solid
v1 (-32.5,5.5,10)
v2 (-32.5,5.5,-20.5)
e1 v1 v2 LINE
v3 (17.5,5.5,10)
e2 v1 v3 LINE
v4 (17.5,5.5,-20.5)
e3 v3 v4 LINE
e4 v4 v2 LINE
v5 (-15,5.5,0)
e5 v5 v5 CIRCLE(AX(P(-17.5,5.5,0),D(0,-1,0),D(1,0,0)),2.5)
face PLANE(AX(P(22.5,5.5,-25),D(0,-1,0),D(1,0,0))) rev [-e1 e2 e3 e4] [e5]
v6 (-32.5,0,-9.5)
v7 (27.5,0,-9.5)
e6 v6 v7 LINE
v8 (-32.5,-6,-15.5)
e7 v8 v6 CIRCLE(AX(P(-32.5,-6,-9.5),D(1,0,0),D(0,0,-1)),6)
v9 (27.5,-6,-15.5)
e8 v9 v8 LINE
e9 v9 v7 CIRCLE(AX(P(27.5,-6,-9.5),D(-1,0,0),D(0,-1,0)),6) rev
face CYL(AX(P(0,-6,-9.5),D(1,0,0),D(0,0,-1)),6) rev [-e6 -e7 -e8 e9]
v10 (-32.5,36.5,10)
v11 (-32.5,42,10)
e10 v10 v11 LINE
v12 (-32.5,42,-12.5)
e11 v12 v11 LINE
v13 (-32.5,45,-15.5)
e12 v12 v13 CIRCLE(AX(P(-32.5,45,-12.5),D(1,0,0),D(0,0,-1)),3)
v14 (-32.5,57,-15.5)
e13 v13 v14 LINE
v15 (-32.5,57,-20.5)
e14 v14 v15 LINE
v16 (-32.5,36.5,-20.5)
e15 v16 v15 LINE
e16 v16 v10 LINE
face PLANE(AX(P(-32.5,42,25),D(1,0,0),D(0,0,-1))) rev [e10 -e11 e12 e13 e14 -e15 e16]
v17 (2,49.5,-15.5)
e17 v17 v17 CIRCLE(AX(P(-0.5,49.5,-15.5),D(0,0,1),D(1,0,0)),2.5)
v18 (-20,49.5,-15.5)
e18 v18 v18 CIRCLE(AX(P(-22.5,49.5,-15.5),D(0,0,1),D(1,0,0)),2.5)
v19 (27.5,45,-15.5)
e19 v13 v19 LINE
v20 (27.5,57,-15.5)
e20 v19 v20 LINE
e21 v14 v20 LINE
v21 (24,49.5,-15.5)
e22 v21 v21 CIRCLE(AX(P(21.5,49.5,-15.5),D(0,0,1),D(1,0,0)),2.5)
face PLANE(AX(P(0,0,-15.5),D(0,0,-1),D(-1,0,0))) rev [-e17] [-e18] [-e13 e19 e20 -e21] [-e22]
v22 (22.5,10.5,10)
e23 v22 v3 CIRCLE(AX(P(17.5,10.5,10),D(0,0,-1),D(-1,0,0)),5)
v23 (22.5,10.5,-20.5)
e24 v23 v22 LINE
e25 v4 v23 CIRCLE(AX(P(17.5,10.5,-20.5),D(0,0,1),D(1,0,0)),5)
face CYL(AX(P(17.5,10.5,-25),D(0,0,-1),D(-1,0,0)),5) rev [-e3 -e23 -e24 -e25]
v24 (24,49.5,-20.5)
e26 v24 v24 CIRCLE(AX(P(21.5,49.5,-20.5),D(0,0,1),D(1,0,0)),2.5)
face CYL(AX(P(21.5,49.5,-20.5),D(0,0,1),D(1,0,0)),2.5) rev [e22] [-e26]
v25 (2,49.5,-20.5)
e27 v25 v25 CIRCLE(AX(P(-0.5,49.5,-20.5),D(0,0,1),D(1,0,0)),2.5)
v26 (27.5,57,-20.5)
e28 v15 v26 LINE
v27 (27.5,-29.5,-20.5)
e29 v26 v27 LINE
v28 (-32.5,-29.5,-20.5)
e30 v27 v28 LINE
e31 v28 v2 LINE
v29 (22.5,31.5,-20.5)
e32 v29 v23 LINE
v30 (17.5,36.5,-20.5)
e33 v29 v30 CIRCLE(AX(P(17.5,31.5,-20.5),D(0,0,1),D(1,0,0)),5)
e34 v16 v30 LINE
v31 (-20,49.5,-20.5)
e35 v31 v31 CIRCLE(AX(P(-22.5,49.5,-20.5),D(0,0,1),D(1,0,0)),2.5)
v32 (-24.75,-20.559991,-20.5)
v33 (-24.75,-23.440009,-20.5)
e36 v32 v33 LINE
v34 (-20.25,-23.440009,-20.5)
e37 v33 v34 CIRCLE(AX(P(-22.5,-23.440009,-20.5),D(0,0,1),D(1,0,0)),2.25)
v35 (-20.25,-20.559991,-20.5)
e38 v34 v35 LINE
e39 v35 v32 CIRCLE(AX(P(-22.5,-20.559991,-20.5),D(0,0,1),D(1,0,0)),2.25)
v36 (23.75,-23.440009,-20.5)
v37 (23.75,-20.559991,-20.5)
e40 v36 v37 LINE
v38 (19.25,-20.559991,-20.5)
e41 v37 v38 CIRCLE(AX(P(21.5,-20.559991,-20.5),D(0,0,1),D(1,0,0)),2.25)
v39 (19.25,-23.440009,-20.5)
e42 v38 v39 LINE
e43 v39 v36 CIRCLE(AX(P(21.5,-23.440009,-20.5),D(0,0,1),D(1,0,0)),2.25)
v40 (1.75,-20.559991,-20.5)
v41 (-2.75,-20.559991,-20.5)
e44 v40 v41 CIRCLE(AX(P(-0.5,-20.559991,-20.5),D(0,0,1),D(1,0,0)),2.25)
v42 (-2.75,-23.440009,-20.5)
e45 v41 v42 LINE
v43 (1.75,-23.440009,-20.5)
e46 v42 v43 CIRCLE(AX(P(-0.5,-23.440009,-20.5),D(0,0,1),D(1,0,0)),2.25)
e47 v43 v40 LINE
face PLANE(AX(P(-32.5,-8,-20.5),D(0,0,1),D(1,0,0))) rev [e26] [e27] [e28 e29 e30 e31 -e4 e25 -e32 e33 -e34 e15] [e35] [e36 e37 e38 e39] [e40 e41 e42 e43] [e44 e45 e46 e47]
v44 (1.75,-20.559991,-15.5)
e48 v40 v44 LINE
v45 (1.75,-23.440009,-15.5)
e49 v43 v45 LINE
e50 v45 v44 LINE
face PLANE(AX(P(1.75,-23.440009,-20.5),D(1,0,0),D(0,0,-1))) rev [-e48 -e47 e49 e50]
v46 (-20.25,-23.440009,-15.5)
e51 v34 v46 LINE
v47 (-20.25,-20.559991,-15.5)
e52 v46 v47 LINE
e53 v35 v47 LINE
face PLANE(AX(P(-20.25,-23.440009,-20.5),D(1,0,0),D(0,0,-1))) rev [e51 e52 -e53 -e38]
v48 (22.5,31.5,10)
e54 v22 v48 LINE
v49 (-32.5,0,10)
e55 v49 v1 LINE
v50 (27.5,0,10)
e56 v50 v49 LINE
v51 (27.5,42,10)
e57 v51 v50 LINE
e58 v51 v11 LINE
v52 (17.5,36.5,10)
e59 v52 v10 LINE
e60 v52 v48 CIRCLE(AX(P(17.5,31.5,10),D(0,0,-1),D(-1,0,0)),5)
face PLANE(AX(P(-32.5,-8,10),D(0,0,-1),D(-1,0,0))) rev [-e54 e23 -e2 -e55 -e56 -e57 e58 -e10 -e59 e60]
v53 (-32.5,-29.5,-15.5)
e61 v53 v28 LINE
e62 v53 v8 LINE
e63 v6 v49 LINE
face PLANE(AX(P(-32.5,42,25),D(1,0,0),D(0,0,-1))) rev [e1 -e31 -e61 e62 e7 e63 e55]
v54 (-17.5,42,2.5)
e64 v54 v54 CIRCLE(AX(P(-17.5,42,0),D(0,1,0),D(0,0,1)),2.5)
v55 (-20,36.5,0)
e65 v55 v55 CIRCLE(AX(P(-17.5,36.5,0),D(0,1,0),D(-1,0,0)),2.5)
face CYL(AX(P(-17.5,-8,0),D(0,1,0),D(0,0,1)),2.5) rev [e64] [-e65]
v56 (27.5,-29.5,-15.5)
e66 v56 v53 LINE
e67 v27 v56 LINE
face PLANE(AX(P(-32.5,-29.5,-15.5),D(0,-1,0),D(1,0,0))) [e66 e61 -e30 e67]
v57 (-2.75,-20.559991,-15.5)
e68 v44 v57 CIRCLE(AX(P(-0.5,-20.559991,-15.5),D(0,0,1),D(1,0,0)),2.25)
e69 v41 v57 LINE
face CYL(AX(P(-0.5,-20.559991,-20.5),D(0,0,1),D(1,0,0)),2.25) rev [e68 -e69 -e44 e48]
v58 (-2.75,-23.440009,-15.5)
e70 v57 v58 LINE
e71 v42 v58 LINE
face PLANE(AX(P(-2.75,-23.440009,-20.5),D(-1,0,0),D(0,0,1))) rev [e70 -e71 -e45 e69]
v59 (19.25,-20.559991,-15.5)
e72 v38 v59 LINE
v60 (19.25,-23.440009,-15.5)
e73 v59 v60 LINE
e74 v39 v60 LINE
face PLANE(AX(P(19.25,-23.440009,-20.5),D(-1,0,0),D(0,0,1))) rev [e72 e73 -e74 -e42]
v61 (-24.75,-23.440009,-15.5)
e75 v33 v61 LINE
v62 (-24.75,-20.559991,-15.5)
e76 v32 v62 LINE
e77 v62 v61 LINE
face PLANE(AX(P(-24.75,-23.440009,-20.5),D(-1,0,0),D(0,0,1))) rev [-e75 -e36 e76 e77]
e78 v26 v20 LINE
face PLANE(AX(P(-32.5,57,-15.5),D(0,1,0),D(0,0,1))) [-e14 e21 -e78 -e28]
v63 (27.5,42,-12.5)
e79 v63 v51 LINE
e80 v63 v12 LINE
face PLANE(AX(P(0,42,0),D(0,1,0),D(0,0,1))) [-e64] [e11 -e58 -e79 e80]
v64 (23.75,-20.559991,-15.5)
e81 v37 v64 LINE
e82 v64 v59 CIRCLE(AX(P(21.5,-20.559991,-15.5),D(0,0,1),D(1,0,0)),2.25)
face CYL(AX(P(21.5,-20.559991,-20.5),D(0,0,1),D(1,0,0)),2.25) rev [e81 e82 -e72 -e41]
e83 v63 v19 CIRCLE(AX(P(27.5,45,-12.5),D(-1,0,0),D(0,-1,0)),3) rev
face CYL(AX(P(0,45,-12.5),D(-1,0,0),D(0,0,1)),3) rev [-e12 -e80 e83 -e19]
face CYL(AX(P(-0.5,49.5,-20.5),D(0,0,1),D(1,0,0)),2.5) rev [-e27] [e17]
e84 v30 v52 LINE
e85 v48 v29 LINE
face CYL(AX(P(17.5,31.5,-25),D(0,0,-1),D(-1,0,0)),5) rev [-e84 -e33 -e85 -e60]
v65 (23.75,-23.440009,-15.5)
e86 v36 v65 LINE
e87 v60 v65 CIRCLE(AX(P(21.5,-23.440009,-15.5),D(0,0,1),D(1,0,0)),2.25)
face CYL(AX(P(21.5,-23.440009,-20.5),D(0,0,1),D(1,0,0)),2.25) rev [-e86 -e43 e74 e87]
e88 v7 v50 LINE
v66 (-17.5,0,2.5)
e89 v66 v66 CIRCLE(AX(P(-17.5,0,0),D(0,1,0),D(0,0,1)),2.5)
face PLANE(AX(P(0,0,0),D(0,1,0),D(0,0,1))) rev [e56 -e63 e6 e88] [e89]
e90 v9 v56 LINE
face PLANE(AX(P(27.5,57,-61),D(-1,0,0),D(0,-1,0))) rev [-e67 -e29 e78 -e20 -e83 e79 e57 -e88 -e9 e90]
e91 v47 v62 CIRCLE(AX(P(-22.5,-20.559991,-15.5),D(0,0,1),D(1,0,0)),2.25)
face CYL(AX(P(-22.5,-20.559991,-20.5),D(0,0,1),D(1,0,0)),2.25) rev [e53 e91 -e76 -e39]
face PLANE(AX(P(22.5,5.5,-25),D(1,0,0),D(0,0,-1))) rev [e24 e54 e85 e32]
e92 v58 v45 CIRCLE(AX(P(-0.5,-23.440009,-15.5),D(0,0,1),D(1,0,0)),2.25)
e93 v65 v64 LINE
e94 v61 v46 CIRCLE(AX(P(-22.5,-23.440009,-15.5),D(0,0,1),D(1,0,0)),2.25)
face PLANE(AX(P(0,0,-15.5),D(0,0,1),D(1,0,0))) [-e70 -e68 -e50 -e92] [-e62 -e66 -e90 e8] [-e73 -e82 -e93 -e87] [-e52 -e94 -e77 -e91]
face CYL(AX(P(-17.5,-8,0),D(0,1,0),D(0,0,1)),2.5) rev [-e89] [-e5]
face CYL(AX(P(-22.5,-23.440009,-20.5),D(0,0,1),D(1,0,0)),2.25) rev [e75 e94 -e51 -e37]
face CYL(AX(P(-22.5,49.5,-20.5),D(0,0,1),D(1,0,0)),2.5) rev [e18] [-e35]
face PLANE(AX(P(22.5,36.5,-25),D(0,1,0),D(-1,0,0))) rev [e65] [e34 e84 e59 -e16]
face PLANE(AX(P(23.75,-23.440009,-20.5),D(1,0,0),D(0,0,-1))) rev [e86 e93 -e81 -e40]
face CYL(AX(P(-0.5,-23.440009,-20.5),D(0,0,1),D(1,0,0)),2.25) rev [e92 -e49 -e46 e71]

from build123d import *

# Parameters (mm, degrees)
SKETCH2_W           = 65
SKETCH2_H           = 50
EXTRUDE_5_DEPTH     = 42
SKETCH3_W           = 110
SKETCH3_H           = 31
CUT_EXTRUDE1_DEPTH  = 50
SKETCH4_R           = 2.5
CUT_EXTRUDE2_DEPTH  = 50
SKETCH5_W           = 65
SKETCH5_H           = 15
CUT_EXTRUDE3_DEPTH  = 50
SKETCH6_W           = 65
SKETCH6_H           = 4.5
CUT_EXTRUDE4_DEPTH  = 50
SKETCH7_W           = 65
SKETCH7_H           = 35
BOSS_EXTRUDE2_DEPTH = 5
FILLET1_R           = 5
FILLET2_R           = 6
SKETCH8_W           = 65
SKETCH8_H           = 15
BOSS_EXTRUDE3_DEPTH = 5
FILLET3_R           = 3
SKETCH9_R           = 2.5
CUT_EXTRUDE5_DEPTH  = 5
CUT_EXTRUDE6_DEPTH  = 5
SKETCH11_W          = 5
SKETCH11_H          = 86.5
CUT_EXTRUDE8_DEPTH  = 71


with BuildPart() as part:
    # Sketch2 → Extrude 5 (new body)
    with BuildSketch(Plane(origin=(0, 0, 0), x_dir=(1, 0, 0), z_dir=(0, 1, 0))):
        Rectangle(SKETCH2_W, SKETCH2_H)
    extrude(amount=EXTRUDE_5_DEPTH)

    # Sketch3 → Cut-Extrude1 (cut)
    with BuildSketch(Plane.XY.offset(25)):
        with Locations((-32.5, 21)):
            Rectangle(SKETCH3_W, SKETCH3_H)
    extrude(amount=-CUT_EXTRUDE1_DEPTH, mode=Mode.SUBTRACT)

    # Sketch4 → Cut-Extrude2 (cut)
    with BuildSketch(Plane(origin=(0, 42, 0), x_dir=(1, 0, 0), z_dir=(0, 1, 0))):
        with Locations((-17.5, 0)):
            Circle(SKETCH4_R)
    extrude(amount=-CUT_EXTRUDE2_DEPTH, mode=Mode.SUBTRACT)

    # Sketch5 → Cut-Extrude3 (cut)
    with BuildSketch(Plane(origin=(0, 42, 0), x_dir=(1, 0, 0), z_dir=(0, 1, 0))):
        with Locations((0, -17.5)):
            Rectangle(SKETCH5_W, SKETCH5_H)
    extrude(amount=-CUT_EXTRUDE3_DEPTH, mode=Mode.SUBTRACT)

    # Sketch6 → Cut-Extrude4 (cut)
    with BuildSketch(Plane(origin=(0, 42, 0), x_dir=(1, 0, 0), z_dir=(0, 1, 0))):
        with Locations((0, 22.75)):
            Rectangle(SKETCH6_W, SKETCH6_H)
    extrude(amount=-CUT_EXTRUDE4_DEPTH, mode=Mode.SUBTRACT)

    # Sketch7 → Boss-Extrude2 (add)
    with BuildSketch(Plane(origin=(0, 0, -20.5), x_dir=(-1, 0, 0), z_dir=(0, 0, -1))):
        with Locations((0, -12)):
            Rectangle(SKETCH7_W, SKETCH7_H)
    extrude(amount=-BOSS_EXTRUDE2_DEPTH)

    # Fillet1
    fillet1_edges = [part.edges().sort_by_distance(p)[0] for p in [
        (22.5, 5.5, -5.25),
        (22.5, 36.5, -5.25),
    ]]
    fillet(fillet1_edges, radius=FILLET1_R)

    # Fillet2
    fillet2_edges = [part.edges().sort_by_distance(p)[0] for p in [
        (0, 0, -15.5),
    ]]
    fillet(fillet2_edges, radius=FILLET2_R)

    # Sketch8 → Boss-Extrude3 (add)
    with BuildSketch(Plane(origin=(0, 0, -20.5), x_dir=(-1, 0, 0), z_dir=(0, 0, -1))):
        with Locations((0, 49.5)):
            Rectangle(SKETCH8_W, SKETCH8_H)
    extrude(amount=-BOSS_EXTRUDE3_DEPTH)

    # Fillet3
    fillet3_edges = [part.edges().sort_by_distance(p)[0] for p in [
        (0, 42, -15.5),
    ]]
    fillet(fillet3_edges, radius=FILLET3_R)

    # Sketch9 → Cut-Extrude5 (cut)
    with BuildSketch(Plane.XY.offset(-15.5)):
        with Locations((-22.5, 49.5)):
            Circle(SKETCH9_R)
        with Locations((-0.5, 49.5)):
            Circle(SKETCH9_R)
        with Locations((21.5, 49.5)):
            Circle(SKETCH9_R)
    extrude(amount=-CUT_EXTRUDE5_DEPTH, mode=Mode.SUBTRACT)

    # Sketch10 → Cut-Extrude6 (cut)
    with BuildSketch(Plane.XY.offset(-15.5)):
        with BuildLine():
            Line((-24.75, -23.440008753), (-24.75, -20.559991247))
            ThreePointArc((-24.75, -20.559991247), (-22.5, -18.309991247), (-20.25, -20.559991247))
            Line((-20.25, -20.559991247), (-20.25, -23.440008753))
            ThreePointArc((-20.25, -23.440008753), (-22.5, -25.690008753), (-24.75, -23.440008753))
        make_face()
        with BuildLine():
            Line((-2.75, -23.440008753), (-2.75, -20.559991247))
            ThreePointArc((-2.75, -20.559991247), (-0.5, -18.309991247), (1.75, -20.559991247))
            Line((1.75, -20.559991247), (1.75, -23.440008753))
            ThreePointArc((1.75, -23.440008753), (-0.5, -25.690008753), (-2.75, -23.440008753))
        make_face()
        with BuildLine():
            Line((19.25, -23.440008753), (19.25, -20.559991247))
            ThreePointArc((19.25, -20.559991247), (21.5, -18.309991247), (23.75, -20.559991247))
            Line((23.75, -20.559991247), (23.75, -23.440008753))
            ThreePointArc((23.75, -23.440008753), (21.5, -25.690008753), (19.25, -23.440008753))
        make_face()
    extrude(amount=-CUT_EXTRUDE6_DEPTH, mode=Mode.SUBTRACT)

    # Sketch11 → Cut-Extrude8 (cut)
    with BuildSketch(Plane.XY.offset(10)):
        with Locations((30, 13.75)):
            Rectangle(SKETCH11_W, SKETCH11_H)
    extrude(amount=-CUT_EXTRUDE8_DEPTH, mode=Mode.SUBTRACT)


solid = part.part
